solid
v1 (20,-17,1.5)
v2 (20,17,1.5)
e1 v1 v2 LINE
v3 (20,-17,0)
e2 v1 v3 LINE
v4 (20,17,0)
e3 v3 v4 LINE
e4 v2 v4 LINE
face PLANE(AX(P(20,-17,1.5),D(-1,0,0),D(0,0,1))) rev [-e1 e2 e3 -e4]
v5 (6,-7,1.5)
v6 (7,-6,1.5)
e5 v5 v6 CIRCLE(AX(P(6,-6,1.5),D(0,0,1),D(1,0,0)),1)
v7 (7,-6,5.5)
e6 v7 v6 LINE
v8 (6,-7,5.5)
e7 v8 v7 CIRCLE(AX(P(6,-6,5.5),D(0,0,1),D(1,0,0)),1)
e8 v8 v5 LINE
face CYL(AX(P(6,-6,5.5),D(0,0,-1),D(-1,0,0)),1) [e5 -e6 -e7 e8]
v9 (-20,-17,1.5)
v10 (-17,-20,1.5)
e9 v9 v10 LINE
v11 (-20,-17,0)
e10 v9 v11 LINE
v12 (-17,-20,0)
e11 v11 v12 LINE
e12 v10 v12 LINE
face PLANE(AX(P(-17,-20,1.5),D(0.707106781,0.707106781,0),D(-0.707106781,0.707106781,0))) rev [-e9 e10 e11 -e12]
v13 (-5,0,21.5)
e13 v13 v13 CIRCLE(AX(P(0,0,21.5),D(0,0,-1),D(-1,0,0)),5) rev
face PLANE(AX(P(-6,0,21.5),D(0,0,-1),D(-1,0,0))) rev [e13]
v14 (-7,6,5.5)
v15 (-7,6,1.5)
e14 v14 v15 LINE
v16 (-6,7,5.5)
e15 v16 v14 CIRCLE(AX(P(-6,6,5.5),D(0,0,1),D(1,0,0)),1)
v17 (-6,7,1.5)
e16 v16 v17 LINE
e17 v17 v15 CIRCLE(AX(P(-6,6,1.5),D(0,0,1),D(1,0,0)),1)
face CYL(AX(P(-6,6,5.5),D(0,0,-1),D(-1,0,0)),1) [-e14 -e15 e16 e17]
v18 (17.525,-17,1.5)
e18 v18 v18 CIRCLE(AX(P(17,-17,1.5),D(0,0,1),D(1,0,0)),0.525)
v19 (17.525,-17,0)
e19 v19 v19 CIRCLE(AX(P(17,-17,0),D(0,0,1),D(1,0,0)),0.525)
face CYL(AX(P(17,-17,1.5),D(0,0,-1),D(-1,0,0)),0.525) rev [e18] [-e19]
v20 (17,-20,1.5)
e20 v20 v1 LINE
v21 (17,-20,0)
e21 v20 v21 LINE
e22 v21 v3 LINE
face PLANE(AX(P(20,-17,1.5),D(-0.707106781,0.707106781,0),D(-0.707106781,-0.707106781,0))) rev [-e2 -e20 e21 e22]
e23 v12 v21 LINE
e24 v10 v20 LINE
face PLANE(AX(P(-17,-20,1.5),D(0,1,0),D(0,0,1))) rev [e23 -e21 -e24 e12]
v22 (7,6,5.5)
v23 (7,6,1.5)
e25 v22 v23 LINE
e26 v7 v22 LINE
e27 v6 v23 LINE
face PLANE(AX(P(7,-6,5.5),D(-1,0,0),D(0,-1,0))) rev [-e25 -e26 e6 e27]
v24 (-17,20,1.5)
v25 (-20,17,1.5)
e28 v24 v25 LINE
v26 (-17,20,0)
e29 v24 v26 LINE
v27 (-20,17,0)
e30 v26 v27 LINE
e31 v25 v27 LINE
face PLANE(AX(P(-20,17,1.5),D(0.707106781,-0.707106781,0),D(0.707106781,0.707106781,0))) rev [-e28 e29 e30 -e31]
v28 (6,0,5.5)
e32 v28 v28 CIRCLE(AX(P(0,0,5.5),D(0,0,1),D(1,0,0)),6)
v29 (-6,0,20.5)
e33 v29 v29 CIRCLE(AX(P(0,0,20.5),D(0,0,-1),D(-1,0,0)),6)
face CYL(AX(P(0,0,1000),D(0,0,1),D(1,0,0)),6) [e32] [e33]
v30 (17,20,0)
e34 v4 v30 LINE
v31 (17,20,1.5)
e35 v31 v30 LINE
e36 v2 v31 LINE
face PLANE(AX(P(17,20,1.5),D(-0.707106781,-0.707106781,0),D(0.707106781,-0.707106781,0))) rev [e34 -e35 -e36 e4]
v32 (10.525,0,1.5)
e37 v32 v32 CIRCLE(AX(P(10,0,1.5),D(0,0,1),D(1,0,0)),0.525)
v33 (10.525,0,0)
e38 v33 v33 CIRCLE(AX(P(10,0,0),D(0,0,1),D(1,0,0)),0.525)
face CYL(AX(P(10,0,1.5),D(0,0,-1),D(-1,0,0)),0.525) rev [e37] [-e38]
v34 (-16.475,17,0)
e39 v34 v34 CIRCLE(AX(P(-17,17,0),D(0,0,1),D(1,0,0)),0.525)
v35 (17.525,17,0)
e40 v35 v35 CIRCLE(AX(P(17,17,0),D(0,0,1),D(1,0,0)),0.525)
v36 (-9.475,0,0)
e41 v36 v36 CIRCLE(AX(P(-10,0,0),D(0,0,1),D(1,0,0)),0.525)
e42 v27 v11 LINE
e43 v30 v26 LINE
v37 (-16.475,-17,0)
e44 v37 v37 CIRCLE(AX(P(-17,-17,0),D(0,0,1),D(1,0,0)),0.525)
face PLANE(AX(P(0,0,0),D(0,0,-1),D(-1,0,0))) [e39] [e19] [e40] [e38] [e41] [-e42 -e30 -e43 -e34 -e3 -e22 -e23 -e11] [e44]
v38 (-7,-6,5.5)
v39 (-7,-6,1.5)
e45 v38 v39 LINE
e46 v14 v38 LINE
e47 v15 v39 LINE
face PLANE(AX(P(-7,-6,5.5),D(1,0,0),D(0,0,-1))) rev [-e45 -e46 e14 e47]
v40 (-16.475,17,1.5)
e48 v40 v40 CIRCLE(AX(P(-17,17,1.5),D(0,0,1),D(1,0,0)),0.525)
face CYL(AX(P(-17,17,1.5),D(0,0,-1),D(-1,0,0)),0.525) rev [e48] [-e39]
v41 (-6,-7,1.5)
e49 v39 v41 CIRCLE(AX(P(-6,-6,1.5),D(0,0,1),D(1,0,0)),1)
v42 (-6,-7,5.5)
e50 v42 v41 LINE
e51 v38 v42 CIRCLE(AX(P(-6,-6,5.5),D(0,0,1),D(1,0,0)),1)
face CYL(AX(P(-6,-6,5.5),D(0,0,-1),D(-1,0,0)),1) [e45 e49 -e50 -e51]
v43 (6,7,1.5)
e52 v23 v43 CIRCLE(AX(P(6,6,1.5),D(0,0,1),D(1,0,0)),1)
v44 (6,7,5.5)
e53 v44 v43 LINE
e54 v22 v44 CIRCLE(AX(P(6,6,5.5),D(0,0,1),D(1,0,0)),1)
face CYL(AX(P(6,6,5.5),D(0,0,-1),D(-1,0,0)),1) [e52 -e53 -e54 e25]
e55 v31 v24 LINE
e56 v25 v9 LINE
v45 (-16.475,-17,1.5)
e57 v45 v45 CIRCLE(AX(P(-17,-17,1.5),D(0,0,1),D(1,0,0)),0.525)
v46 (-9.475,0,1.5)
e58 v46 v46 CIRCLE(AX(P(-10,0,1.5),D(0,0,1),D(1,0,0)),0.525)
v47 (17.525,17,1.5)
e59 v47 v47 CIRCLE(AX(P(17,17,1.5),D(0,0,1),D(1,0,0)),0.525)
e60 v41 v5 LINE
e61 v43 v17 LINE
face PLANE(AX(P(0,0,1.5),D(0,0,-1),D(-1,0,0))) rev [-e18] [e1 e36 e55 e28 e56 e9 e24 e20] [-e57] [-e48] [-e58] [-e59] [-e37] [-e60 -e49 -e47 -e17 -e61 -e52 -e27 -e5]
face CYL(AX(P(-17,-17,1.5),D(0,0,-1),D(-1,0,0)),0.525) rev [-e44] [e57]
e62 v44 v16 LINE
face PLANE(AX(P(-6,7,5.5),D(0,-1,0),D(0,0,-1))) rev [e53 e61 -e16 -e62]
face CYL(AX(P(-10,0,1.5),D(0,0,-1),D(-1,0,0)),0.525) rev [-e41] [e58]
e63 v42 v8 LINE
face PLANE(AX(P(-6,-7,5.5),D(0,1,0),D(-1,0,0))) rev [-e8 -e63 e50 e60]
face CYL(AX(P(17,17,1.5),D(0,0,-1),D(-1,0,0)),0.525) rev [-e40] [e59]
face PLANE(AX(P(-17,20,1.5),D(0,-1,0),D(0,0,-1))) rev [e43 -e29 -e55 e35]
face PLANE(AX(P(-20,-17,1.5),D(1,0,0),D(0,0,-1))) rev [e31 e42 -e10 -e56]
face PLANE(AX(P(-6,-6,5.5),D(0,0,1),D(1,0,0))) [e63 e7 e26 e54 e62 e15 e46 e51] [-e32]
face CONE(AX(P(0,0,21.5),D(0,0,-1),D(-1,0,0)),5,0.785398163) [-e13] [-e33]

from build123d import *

# Parameters (mm, degrees)
SKETCH1_R           = 0.525
BOSS_EXTRUDE1_DEPTH = 1.5
BOSS_EXTRUDE2_DEPTH = 4
SKETCH4_W           = 6
SKETCH4_H           = 16
CHAMFER1_SIZE       = 1


with BuildPart() as part:
    # Sketch1 → Boss-Extrude1 (new body)
    with BuildSketch(Plane.XY):
        Polygon((-20, 17), (-17, 20), (17, 20), (20, 17), (20, -17), (17, -20), (-17, -20), (-20, -17), align=None)
        with Locations((-17, 17)):
            Circle(SKETCH1_R, mode=Mode.SUBTRACT)
        with Locations((17, 17)):
            Circle(SKETCH1_R, mode=Mode.SUBTRACT)
        with Locations((17, -17)):
            Circle(SKETCH1_R, mode=Mode.SUBTRACT)
        with Locations((-17, -17)):
            Circle(SKETCH1_R, mode=Mode.SUBTRACT)
        with Locations((10, 0)):
            Circle(SKETCH1_R, mode=Mode.SUBTRACT)
        with Locations((-10, 0)):
            Circle(SKETCH1_R, mode=Mode.SUBTRACT)
    extrude(amount=BOSS_EXTRUDE1_DEPTH)

    # Sketch3 → Boss-Extrude2 (add)
    with BuildSketch(Plane.XY.offset(1.5)):
        with BuildLine():
            Line((-6, -7), (6, -7))
            ThreePointArc((6, -7), (6.707106781, -6.707106781), (7, -6))
            Line((7, -6), (7, 6))
            ThreePointArc((7, 6), (6.707106781, 6.707106781), (6, 7))
            Line((6, 7), (-6, 7))
            ThreePointArc((-6, 7), (-6.707106781, 6.707106781), (-7, 6))
            Line((-7, 6), (-7, -6))
            ThreePointArc((-7, -6), (-6.707106781, -6.707106781), (-6, -7))
        make_face()
    extrude(amount=BOSS_EXTRUDE2_DEPTH)

    # Sketch4 → Revolve1 (revolve)
    with BuildSketch(Plane(origin=(0, 0, 0), x_dir=(1, 0, 0), z_dir=(0, 1, 0)), mode=Mode.PRIVATE) as revolve1_sk:
        with Locations((-3, -13.5)):
            Rectangle(SKETCH4_W, SKETCH4_H)
    revolve(revolve1_sk.sketch.rotate(Axis((0, 0, 1000), (0, 0, -1)), 180), axis=Axis((0, 0, 1000), (0, 0, -1)))

    # Chamfer1
    chamfer1_edges = [part.edges().sort_by_distance(p)[0] for p in [
        (-6, 0, 21.5),
    ]]
    chamfer(chamfer1_edges, length=CHAMFER1_SIZE)


solid = part.part
